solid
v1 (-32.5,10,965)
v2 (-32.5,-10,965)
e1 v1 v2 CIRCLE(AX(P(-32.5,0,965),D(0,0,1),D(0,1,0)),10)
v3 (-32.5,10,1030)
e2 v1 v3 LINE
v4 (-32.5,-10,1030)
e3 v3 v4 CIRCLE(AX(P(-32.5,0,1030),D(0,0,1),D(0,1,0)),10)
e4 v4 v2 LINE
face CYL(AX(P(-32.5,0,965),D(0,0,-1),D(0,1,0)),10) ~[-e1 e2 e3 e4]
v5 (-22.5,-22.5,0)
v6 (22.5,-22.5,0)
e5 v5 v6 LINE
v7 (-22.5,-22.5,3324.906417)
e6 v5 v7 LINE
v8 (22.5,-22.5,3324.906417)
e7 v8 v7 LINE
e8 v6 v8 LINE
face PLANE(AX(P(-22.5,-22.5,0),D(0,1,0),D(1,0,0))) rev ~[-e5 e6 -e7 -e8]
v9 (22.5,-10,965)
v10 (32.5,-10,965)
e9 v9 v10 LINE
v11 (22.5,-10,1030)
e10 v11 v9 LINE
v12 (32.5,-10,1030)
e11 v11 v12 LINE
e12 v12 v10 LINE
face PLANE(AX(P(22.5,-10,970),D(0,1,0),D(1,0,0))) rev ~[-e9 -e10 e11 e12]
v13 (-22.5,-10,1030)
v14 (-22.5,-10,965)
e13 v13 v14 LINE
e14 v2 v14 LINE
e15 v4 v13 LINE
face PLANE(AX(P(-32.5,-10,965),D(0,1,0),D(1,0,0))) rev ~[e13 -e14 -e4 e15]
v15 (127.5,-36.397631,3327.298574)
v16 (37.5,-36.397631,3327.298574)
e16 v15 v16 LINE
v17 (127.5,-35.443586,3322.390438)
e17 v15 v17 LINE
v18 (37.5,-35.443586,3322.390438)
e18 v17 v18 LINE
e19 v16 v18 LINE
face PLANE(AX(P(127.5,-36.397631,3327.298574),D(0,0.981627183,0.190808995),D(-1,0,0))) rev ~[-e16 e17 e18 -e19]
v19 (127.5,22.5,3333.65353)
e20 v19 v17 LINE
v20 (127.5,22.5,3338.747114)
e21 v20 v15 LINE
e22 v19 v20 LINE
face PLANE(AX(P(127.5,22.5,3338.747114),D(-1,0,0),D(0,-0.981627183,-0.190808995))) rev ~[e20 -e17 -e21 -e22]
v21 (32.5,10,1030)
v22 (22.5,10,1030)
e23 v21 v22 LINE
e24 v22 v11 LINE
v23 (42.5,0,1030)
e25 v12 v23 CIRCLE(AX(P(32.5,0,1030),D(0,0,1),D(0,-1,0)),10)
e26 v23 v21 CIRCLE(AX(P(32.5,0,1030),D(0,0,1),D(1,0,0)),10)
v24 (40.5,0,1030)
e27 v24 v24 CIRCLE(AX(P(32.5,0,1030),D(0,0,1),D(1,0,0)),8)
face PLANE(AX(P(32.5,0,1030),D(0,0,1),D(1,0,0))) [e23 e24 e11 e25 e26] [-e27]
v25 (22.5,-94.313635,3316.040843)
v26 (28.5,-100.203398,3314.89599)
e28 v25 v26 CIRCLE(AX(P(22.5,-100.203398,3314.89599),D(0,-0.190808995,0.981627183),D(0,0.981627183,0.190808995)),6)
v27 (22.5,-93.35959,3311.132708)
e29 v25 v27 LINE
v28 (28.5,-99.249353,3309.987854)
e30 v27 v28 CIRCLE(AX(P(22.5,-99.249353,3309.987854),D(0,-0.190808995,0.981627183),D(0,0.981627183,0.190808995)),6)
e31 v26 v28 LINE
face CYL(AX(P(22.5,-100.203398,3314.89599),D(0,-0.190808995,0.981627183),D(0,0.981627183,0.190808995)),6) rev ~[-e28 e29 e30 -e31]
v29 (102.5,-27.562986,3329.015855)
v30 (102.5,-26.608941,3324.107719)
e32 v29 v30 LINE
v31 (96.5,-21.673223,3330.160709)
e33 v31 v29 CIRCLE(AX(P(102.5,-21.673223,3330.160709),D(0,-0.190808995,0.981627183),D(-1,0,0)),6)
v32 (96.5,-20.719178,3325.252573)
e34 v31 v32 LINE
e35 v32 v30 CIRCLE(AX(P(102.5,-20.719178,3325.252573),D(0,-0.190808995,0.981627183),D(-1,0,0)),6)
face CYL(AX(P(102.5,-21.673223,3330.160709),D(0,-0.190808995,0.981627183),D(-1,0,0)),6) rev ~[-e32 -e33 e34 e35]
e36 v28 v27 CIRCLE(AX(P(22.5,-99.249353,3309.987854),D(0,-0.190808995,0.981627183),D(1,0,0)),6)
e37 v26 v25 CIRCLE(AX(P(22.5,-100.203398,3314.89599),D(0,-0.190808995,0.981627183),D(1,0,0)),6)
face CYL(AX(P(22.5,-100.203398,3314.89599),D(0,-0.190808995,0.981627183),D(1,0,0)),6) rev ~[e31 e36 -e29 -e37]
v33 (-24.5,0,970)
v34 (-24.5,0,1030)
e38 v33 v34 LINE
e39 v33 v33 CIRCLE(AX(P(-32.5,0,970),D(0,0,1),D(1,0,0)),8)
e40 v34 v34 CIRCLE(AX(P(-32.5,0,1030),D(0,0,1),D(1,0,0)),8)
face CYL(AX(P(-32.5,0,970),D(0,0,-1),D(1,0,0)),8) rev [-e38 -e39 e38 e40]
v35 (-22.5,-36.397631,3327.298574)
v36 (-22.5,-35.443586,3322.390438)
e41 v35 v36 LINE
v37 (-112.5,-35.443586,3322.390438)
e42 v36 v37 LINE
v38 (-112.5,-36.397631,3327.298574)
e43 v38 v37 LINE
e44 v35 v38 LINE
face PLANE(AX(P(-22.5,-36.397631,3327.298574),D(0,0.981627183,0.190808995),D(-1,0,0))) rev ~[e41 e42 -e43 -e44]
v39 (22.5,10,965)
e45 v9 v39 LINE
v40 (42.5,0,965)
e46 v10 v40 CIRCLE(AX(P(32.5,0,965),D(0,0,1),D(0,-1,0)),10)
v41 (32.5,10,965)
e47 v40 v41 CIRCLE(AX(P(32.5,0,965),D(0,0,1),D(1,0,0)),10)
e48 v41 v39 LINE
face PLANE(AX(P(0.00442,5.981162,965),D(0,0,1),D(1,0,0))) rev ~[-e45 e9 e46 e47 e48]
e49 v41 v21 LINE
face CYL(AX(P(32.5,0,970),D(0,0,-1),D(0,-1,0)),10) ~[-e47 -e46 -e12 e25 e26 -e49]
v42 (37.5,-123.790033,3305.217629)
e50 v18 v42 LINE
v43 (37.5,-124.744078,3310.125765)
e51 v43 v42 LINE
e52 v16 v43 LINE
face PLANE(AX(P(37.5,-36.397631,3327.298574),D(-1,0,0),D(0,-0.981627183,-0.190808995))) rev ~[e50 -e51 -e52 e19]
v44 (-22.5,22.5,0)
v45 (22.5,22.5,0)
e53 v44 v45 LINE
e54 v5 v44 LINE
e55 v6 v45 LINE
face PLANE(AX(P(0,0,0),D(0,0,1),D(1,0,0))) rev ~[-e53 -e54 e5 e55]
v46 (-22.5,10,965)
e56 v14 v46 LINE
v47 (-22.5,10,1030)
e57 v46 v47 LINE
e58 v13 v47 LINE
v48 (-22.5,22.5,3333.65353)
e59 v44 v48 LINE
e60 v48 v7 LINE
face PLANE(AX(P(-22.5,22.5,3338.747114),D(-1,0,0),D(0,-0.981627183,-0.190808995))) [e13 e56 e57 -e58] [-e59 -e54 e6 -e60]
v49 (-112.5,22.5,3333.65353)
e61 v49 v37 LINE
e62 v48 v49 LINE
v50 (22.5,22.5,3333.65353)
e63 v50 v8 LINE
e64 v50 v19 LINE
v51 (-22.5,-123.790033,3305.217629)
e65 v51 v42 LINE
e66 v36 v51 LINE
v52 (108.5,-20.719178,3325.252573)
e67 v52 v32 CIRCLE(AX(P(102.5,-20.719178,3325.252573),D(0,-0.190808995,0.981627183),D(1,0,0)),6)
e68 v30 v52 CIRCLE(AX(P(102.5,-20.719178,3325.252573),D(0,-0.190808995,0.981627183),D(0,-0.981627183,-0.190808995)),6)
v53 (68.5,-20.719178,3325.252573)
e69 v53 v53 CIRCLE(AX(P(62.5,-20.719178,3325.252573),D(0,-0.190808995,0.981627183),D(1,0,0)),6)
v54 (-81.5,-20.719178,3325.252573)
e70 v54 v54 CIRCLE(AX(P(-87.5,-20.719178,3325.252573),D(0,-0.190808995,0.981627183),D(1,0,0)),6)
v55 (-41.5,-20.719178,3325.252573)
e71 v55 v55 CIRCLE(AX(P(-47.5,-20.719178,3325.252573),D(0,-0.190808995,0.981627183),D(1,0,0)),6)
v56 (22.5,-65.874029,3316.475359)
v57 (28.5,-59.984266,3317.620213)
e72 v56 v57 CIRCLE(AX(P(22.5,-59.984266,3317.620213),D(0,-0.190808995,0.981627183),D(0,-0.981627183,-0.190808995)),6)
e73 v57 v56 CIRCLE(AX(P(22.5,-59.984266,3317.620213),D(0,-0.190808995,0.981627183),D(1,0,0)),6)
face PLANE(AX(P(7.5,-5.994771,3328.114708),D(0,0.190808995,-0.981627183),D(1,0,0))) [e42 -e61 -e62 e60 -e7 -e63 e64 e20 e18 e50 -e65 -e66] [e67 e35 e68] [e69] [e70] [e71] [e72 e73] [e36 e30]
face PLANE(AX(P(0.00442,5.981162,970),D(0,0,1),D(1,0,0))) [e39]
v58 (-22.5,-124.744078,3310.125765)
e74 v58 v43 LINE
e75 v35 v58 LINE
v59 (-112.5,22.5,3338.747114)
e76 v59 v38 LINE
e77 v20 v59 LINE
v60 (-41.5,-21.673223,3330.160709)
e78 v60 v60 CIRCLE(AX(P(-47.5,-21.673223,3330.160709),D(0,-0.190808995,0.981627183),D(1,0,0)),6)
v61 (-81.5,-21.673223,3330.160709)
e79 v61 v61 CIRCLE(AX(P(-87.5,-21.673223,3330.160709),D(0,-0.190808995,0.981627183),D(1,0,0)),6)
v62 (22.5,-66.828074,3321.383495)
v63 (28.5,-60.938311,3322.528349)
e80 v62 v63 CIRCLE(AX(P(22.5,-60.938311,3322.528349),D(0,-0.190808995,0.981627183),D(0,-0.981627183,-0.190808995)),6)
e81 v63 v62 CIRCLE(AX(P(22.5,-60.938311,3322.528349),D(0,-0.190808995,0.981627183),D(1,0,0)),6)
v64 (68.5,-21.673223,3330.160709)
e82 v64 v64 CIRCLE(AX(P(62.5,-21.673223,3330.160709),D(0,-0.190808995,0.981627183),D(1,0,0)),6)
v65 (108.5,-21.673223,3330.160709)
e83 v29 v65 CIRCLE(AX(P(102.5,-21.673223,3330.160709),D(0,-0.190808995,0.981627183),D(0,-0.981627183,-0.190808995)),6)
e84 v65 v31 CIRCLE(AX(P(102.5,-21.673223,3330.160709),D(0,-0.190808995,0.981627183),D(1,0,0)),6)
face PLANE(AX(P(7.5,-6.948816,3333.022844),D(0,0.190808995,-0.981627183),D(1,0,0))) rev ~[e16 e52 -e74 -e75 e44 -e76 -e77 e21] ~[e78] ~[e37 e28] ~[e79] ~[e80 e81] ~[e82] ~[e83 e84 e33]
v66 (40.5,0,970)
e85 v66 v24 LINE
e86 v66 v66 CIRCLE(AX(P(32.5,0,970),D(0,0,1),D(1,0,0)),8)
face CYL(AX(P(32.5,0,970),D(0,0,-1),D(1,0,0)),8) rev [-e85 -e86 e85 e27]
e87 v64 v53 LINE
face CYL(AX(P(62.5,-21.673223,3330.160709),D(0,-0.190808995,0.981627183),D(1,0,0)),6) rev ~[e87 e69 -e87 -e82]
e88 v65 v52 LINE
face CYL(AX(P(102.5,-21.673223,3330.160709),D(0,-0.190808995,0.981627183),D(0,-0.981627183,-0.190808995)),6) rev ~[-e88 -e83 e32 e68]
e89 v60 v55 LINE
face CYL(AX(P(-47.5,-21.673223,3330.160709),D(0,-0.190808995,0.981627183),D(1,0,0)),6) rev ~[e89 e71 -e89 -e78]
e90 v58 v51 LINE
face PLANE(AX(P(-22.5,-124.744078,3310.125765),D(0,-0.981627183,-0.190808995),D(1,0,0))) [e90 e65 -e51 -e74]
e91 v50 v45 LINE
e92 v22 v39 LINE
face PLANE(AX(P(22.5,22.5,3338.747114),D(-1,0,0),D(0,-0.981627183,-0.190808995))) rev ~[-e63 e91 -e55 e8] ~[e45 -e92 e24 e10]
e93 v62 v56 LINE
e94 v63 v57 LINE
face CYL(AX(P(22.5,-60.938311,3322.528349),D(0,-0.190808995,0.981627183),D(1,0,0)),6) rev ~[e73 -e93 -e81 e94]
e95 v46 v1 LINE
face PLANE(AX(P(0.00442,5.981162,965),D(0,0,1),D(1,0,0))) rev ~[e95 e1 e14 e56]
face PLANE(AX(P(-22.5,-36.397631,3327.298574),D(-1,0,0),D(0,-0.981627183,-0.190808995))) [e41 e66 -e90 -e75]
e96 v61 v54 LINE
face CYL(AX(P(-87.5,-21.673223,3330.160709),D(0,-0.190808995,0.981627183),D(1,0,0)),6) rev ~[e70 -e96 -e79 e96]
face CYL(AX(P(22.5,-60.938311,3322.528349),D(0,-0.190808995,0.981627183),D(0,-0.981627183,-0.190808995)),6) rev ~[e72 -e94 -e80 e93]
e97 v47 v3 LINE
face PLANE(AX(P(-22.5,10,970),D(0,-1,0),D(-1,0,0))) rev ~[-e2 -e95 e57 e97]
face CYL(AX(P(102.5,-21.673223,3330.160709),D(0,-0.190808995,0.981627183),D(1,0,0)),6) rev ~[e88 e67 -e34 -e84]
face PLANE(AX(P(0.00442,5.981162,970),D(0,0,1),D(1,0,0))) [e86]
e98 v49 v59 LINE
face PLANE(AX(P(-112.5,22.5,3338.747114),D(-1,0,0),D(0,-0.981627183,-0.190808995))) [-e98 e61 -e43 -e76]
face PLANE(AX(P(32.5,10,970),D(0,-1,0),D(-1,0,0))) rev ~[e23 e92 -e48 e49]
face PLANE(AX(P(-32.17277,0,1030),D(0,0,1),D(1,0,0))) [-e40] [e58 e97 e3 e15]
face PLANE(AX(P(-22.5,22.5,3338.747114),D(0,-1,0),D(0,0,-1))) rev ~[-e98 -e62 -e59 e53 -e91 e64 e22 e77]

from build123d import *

# Parameters (mm, degrees)
F0_W      = 45
F0_H      = 45
F1_DEPTH  = 3330
F4_DEPTH  = 5
F5_R      = 8
F6_DEPTH  = 60
F9_W      = 45
F9_H      = 45.842251273
F10_DEPTH = 25
F11_W     = 60
F11_H     = 60
F11_W_2   = 90
F11_H_2   = 90
F12_DEPTH = 5
F13_R     = 6
F14_DEPTH = 25
F15_W     = 150
F15_H     = 4.7702248844
F16_DEPTH = 3358.6871623993
F18_DEPTH = 111


with BuildPart() as f1:
    # F0 (on Top) → F1 (new body)
    with BuildSketch(Plane.XY):
        Rectangle(F0_W, F0_H)
    extrude(amount=F1_DEPTH)

    # F3 (on offset) → F4 (join)
    with BuildSketch(Plane.XY.offset(965)):
        with BuildLine():
            Line((-22.5, 0), (0, 0))
            Line((0, 0), (22.5, 0))
            ThreePointArc((22.5, 0), (22.5506384699, 1.0050896201), (22.7020410289, 2))
            ThreePointArc((22.7020410289, 2), (26.1754446797, 7.7459666924), (32.5, 10))
            Line((32.5, 10), (-32.5, 10))
            ThreePointArc((-32.5, 10), (-25.4289321881, 7.0710678119), (-22.5, 0))
        make_face()
        with BuildLine():
            Line((22.5, 0), (0, 0))
            Line((0, 0), (-22.5, 0))
            ThreePointArc((-22.5, 0), (-25.4289321881, -7.0710678119), (-32.5, -10))
            Line((-32.5, -10), (32.5, -10))
            ThreePointArc((32.5, -10), (26.1754446797, -7.7459666924), (22.7020410289, -2))
            ThreePointArc((22.7020410289, -2), (22.5506384699, -1.0050896201), (22.5, 0))
        make_face()
        with BuildLine():
            ThreePointArc((-32.5, -10), (-25.4289321881, -7.0710678119), (-22.5, 0))
            Line((-22.5, 0), (-32.5, 0))
            Line((-32.5, 0), (-32.5, -10))
        make_face()
        with BuildLine():
            Line((-32.5, 0), (-22.5, 0))
            ThreePointArc((-22.5, 0), (-25.4289321881, 7.0710678119), (-32.5, 10))
            Line((-32.5, 10), (-32.5, 0))
        make_face()
        with BuildLine():
            Line((32.5, 2), (32.5, 0))
            Line((32.5, 0), (32.5, -2))
            Line((32.5, -2), (22.7020410289, -2))
            ThreePointArc((22.7020410289, -2), (26.1754446797, -7.7459666924), (32.5, -10))
            ThreePointArc((32.5, -10), (39.5710678119, -7.0710678119), (42.5, 0))
            ThreePointArc((42.5, 0), (39.5710678119, 7.0710678119), (32.5, 10))
            Line((32.5, 10), (32.5, 2))
        make_face()
        with BuildLine():
            ThreePointArc((32.5, 10), (26.1754446797, 7.7459666924), (22.7020410289, 2))
            Line((22.7020410289, 2), (32.5, 2))
            Line((32.5, 2), (32.5, 10))
        make_face()
        with BuildLine():
            Line((-32.5, -10), (-32.5, 0))
            Line((-32.5, 0), (-32.5, 10))
            ThreePointArc((-32.5, 10), (-42.5, 0), (-32.5, -10))
        make_face()
        with BuildLine():
            ThreePointArc((22.7020410289, 2), (22.5506384699, 1.0050896201), (22.5, 0))
            Line((22.5, 0), (32.5, 0))
            Line((32.5, 0), (32.5, 2))
            Line((32.5, 2), (22.7020410289, 2))
        make_face()
        with BuildLine():
            Line((32.5, 0), (22.5, 0))
            ThreePointArc((22.5, 0), (22.5506384699, -1.0050896201), (22.7020410289, -2))
            Line((22.7020410289, -2), (32.5, -2))
            Line((32.5, -2), (32.5, 0))
        make_face()
    extrude(amount=F4_DEPTH)

    # F5 (on face) → F6 (join)
    with BuildSketch(Plane.XY.offset(970)):
        with BuildLine():
            ThreePointArc((32.5, -10), (39.5710678119, -7.0710678119), (42.5, 0))
            ThreePointArc((42.5, 0), (39.5710678119, 7.0710678119), (32.5, 10))
            ThreePointArc((32.5, 10), (25.4289321881, 7.0710678119), (22.5, 0))
            ThreePointArc((22.5, 0), (25.4289321881, -7.0710678119), (32.5, -10))
        make_face()
        with Locations((32.5, 0)):
            Circle(F5_R, mode=Mode.SUBTRACT)
        with BuildLine():
            ThreePointArc((-32.5, -10), (-25.4289321881, -7.0710678119), (-22.5, 0))
            ThreePointArc((-22.5, 0), (-25.4289321881, 7.0710678119), (-32.5, 10))
            ThreePointArc((-32.5, 10), (-42.5, 0), (-32.5, -10))
        make_face()
        with Locations((-32.5, 0)):
            Circle(F5_R, mode=Mode.SUBTRACT)
        with BuildLine():
            Line((22.5, -10), (32.5, -10))
            ThreePointArc((32.5, -10), (25.4289321881, -7.0710678119), (22.5, 0))
            Line((22.5, 0), (22.5, -10))
        make_face()
        with BuildLine():
            ThreePointArc((22.5, 0), (25.4289321881, 7.0710678119), (32.5, 10))
            Line((32.5, 10), (22.5, 10))
            Line((22.5, 10), (22.5, 0))
        make_face()
        with BuildLine():
            ThreePointArc((-32.5, 10), (-25.4289321881, 7.0710678119), (-22.5, 0))
            Line((-22.5, 0), (-22.5, 10))
            Line((-22.5, 10), (-32.5, 10))
        make_face()
        with BuildLine():
            Line((-22.5, -10), (-22.5, 0))
            ThreePointArc((-22.5, 0), (-25.4289321881, -7.0710678119), (-32.5, -10))
            Line((-32.5, -10), (-22.5, -10))
        make_face()
    extrude(amount=F6_DEPTH)

    # F9 (on face) → F10 (join)
    with BuildSketch(Plane(origin=(0, -624.5391596736, 3212.9754420296), x_dir=(1, 0, 0), z_dir=(0, 0.1908089954, -0.9816271834))):
        with Locations((0, -636.2284686128)):
            Rectangle(F9_W, F9_H)
    extrude(amount=F10_DEPTH)

    # F11 (on face) → F12 (join)
    with BuildSketch(Plane(origin=(0, -624.5391596736, 3212.9754420296), x_dir=(1, 0, 0), z_dir=(0, 0.1908089954, -0.9816271834))):
        with Locations((7.5, -629.1495942493)):
            Rectangle(F11_W, F11_H)
        with Locations((-67.5, -629.1495942493)):
            Rectangle(F11_W_2, F11_H)
        with Locations((82.5, -629.1495942493)):
            Rectangle(F11_W_2, F11_H)
        with Locations((7.5, -554.1495942493)):
            Rectangle(F11_W, F11_H_2)
    extrude(amount=F12_DEPTH)

    # F13 (on face) → F14 (cut)
    with BuildSketch(Plane(origin=(0, -624.5391596736, 3212.9754420296), x_dir=(1, 0, 0), z_dir=(0, -0.1908089954, 0.9816271834))):
        with BuildLine():
            ThreePointArc((22.5, 540.1495942493), (18.2573593129, 529.9069535622), (28.5, 534.1495942493))
            Line((28.5, 534.1495942493), (22.5, 534.1495942493))
            Line((22.5, 534.1495942493), (22.5, 540.1495942493))
        make_face()
        with BuildLine():
            Line((22.5, 534.1495942493), (28.5, 534.1495942493))
            ThreePointArc((28.5, 534.1495942493), (26.7426406871, 538.3922349364), (22.5, 540.1495942493))
            Line((22.5, 540.1495942493), (22.5, 534.1495942493))
        make_face()
        with BuildLine():
            ThreePointArc((28.5, 574.1495942493), (18.2573593129, 578.3922349364), (22.5, 568.1495942493))
            ThreePointArc((22.5, 568.1495942493), (26.7426406871, 569.9069535622), (28.5, 574.1495942493))
        make_face()
        with BuildLine():
            ThreePointArc((96.5, 614.1495942493), (98.2573593129, 609.9069535622), (102.5, 608.1495942493))
            Line((102.5, 608.1495942493), (102.5, 614.1495942493))
            Line((102.5, 614.1495942493), (96.5, 614.1495942493))
        make_face()
        with Locations((62.5, 614.1495942493)):
            Circle(F13_R)
        with BuildLine():
            Line((102.5, 614.1495942493), (102.5, 608.1495942493))
            ThreePointArc((102.5, 608.1495942493), (106.7426406871, 609.9069535622), (108.5, 614.1495942493))
            ThreePointArc((108.5, 614.1495942493), (102.5, 620.1495942493), (96.5, 614.1495942493))
            Line((96.5, 614.1495942493), (102.5, 614.1495942493))
        make_face()
        with Locations((-47.5, 614.1495942493)):
            Circle(F13_R)
        with Locations((-87.5, 614.1495942493)):
            Circle(F13_R)
    extrude(amount=-F14_DEPTH, mode=Mode.SUBTRACT)

    # F15 (on Top) → F16 (cut)
    with BuildSketch(Plane.XY):
        with Locations((52.5, 24.8851124422)):
            Rectangle(F15_W, F15_H)
    extrude(amount=F16_DEPTH, mode=Mode.SUBTRACT)

    # F17 (on face) → F18 (cut)
    with BuildSketch(Plane.YZ.offset(-22.5)):
        Polygon((22.5, 3333.6535304364), (23.4540449769, 3333.838977994), (22.5, 3338.7471139112), align=None)
    extrude(amount=-F18_DEPTH, mode=Mode.SUBTRACT)


solid = f1.part
